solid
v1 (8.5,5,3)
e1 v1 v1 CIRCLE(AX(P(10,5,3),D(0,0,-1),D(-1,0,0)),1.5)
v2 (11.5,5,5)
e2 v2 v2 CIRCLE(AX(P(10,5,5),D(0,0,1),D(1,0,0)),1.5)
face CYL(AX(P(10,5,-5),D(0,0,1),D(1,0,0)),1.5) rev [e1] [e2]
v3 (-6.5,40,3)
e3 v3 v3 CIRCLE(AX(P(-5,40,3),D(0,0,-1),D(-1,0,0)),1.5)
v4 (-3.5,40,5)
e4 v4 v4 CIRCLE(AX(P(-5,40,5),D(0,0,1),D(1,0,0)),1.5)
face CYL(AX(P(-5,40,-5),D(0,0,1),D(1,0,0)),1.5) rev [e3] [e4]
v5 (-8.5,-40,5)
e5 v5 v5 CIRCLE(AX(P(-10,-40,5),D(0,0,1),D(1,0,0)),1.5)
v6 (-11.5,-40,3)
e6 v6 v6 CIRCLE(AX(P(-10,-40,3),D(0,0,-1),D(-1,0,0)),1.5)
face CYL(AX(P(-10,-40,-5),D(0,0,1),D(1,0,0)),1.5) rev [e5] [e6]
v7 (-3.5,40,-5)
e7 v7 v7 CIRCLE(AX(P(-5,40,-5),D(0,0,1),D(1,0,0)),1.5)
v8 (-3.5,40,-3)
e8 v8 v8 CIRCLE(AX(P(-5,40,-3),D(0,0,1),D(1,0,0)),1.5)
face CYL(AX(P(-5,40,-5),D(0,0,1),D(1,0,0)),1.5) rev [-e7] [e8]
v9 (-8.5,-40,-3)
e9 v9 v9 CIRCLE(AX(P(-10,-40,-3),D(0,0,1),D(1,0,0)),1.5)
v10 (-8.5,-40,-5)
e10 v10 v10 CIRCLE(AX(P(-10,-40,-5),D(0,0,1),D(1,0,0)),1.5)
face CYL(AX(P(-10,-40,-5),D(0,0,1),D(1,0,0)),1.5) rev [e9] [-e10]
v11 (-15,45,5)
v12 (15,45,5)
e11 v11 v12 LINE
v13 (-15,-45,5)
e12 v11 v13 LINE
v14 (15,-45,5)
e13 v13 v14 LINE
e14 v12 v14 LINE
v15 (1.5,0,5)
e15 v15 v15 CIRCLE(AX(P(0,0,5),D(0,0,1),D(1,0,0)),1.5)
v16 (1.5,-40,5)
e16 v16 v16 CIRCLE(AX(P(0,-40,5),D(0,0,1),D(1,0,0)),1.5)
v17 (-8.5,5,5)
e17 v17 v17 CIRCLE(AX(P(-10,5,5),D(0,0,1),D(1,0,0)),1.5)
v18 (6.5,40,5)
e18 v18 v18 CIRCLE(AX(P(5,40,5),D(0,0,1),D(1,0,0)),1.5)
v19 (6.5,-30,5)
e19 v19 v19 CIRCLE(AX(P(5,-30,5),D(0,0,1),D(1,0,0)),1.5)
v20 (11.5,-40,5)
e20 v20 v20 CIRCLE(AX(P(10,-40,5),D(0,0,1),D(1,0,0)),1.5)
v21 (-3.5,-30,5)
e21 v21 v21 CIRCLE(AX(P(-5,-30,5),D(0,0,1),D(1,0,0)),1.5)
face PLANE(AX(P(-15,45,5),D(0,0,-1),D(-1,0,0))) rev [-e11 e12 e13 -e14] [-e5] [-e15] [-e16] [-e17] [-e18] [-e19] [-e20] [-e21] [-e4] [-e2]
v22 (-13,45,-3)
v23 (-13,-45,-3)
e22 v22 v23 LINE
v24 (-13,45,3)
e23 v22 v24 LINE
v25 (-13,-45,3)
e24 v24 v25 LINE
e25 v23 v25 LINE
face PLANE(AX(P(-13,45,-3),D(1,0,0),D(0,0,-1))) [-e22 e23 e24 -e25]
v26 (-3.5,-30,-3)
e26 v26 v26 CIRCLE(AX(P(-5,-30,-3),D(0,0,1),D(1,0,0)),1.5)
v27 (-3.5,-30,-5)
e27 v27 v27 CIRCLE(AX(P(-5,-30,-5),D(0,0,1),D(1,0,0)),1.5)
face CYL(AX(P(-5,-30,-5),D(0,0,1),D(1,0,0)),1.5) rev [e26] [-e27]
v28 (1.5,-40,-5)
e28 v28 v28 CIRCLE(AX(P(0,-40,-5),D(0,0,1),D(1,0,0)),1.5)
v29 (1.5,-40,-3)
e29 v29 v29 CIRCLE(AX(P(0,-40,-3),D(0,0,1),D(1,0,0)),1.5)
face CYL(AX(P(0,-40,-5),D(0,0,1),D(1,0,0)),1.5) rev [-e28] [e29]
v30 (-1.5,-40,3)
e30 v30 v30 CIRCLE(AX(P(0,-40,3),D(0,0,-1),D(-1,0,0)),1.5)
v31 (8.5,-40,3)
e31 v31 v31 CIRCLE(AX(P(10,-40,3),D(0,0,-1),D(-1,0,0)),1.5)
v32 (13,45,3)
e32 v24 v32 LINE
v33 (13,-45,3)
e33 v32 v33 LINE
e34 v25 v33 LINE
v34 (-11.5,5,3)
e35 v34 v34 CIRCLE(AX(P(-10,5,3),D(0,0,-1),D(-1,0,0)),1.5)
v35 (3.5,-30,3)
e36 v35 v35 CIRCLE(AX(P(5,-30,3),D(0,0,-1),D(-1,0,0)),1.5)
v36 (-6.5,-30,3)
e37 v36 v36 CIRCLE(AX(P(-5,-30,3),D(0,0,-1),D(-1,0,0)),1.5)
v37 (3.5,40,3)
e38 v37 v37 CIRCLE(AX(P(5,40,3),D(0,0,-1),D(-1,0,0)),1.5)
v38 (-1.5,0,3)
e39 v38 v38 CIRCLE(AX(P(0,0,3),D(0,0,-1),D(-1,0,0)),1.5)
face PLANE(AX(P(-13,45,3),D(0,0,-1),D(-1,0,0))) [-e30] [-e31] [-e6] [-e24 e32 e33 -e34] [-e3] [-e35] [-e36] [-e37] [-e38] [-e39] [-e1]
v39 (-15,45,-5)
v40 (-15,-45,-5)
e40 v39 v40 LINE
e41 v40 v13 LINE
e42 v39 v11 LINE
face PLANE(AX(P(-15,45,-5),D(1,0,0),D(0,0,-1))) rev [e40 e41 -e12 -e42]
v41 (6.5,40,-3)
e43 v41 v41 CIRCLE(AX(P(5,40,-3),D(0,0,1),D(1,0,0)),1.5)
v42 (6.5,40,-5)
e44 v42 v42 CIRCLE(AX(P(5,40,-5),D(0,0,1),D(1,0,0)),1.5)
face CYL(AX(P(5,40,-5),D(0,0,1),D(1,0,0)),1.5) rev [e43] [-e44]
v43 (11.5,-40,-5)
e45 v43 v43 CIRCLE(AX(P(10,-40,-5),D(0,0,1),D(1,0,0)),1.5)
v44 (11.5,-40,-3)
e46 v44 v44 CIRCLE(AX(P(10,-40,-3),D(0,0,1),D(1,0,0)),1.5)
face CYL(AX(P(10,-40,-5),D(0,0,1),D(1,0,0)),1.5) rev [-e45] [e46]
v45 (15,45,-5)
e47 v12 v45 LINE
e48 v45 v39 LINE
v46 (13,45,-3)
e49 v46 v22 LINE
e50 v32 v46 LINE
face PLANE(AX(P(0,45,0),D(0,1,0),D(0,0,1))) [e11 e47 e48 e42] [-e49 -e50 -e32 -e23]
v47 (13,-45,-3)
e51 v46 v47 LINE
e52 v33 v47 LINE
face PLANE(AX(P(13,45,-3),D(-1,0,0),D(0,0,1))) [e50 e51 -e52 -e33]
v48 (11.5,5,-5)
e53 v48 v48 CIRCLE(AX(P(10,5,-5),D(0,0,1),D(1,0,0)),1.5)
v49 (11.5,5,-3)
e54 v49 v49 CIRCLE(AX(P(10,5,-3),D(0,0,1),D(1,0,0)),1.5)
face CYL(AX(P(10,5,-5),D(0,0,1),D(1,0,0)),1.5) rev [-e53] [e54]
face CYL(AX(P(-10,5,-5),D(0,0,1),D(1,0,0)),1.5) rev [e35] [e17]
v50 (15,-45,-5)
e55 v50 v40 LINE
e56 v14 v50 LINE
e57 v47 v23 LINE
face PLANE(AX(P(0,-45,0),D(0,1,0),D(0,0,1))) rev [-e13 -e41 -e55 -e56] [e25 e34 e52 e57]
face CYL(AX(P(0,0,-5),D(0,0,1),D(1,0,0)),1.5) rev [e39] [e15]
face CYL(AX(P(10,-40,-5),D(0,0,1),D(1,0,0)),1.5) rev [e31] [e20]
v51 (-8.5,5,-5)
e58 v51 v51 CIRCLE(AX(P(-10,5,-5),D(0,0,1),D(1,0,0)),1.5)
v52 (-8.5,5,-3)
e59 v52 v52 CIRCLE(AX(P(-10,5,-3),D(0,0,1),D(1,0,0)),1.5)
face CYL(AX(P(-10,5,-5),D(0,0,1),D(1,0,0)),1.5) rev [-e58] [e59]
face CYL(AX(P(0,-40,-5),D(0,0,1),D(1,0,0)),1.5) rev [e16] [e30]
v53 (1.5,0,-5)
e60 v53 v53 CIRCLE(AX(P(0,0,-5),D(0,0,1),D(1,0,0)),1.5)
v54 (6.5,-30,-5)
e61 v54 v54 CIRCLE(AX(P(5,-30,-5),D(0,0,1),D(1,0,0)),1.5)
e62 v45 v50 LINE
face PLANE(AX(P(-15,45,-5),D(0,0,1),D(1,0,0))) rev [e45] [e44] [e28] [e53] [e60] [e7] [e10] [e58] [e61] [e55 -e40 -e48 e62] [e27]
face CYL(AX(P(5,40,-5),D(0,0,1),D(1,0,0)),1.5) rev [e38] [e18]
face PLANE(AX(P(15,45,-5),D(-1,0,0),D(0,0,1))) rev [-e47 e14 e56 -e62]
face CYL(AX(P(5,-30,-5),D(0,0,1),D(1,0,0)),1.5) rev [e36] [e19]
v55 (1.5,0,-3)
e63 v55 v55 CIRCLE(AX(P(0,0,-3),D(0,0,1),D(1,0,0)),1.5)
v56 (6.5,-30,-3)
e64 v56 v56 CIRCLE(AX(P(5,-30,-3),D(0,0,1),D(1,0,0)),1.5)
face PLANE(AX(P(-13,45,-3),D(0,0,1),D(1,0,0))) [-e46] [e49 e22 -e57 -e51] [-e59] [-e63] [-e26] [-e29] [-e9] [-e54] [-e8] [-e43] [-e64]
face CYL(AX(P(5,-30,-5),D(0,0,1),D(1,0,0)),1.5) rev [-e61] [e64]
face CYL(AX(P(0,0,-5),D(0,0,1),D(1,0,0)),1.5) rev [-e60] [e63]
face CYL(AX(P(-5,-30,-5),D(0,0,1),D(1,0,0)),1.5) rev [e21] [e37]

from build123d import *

# Parameters (mm, degrees)
SKETCH_1_W          = 30
SKETCH_1_H          = 10
SKETCH_1_W_2        = 26
SKETCH_1_H_2        = 6
EXTRUDE_1_DEPTH     = 45
SKETCH_2_R          = 1.5
CUT_EXTRUDE_1_DEPTH = 49.476798574


with BuildPart() as part:
    # 草图1 → 凸台-拉伸1 (new, symmetric)
    with BuildSketch(Plane(origin=(0, 0, 0), x_dir=(1, 0, 0), z_dir=(0, 1, 0))):
        Rectangle(SKETCH_1_W, SKETCH_1_H)
        Rectangle(SKETCH_1_W_2, SKETCH_1_H_2, mode=Mode.SUBTRACT)
    extrude(amount=EXTRUDE_1_DEPTH, both=True)

    # 草图2 → 切除-拉伸1 (cut, through all)
    with BuildSketch(Plane.XY.offset(5)):
        with Locations((5, 40)):
            Circle(SKETCH_2_R)
        with Locations((10, 5)):
            Circle(SKETCH_2_R)
        Circle(SKETCH_2_R)
        with Locations((-10, 5)):
            Circle(SKETCH_2_R)
        with Locations((-5, 40)):
            Circle(SKETCH_2_R)
        with Locations((5, -30)):
            Circle(SKETCH_2_R)
        with Locations((-5, -30)):
            Circle(SKETCH_2_R)
        with Locations((-10, -40)):
            Circle(SKETCH_2_R)
        with Locations((0, -40)):
            Circle(SKETCH_2_R)
        with Locations((10, -40)):
            Circle(SKETCH_2_R)
    extrude(amount=-CUT_EXTRUDE_1_DEPTH, mode=Mode.SUBTRACT)


solid = part.part
